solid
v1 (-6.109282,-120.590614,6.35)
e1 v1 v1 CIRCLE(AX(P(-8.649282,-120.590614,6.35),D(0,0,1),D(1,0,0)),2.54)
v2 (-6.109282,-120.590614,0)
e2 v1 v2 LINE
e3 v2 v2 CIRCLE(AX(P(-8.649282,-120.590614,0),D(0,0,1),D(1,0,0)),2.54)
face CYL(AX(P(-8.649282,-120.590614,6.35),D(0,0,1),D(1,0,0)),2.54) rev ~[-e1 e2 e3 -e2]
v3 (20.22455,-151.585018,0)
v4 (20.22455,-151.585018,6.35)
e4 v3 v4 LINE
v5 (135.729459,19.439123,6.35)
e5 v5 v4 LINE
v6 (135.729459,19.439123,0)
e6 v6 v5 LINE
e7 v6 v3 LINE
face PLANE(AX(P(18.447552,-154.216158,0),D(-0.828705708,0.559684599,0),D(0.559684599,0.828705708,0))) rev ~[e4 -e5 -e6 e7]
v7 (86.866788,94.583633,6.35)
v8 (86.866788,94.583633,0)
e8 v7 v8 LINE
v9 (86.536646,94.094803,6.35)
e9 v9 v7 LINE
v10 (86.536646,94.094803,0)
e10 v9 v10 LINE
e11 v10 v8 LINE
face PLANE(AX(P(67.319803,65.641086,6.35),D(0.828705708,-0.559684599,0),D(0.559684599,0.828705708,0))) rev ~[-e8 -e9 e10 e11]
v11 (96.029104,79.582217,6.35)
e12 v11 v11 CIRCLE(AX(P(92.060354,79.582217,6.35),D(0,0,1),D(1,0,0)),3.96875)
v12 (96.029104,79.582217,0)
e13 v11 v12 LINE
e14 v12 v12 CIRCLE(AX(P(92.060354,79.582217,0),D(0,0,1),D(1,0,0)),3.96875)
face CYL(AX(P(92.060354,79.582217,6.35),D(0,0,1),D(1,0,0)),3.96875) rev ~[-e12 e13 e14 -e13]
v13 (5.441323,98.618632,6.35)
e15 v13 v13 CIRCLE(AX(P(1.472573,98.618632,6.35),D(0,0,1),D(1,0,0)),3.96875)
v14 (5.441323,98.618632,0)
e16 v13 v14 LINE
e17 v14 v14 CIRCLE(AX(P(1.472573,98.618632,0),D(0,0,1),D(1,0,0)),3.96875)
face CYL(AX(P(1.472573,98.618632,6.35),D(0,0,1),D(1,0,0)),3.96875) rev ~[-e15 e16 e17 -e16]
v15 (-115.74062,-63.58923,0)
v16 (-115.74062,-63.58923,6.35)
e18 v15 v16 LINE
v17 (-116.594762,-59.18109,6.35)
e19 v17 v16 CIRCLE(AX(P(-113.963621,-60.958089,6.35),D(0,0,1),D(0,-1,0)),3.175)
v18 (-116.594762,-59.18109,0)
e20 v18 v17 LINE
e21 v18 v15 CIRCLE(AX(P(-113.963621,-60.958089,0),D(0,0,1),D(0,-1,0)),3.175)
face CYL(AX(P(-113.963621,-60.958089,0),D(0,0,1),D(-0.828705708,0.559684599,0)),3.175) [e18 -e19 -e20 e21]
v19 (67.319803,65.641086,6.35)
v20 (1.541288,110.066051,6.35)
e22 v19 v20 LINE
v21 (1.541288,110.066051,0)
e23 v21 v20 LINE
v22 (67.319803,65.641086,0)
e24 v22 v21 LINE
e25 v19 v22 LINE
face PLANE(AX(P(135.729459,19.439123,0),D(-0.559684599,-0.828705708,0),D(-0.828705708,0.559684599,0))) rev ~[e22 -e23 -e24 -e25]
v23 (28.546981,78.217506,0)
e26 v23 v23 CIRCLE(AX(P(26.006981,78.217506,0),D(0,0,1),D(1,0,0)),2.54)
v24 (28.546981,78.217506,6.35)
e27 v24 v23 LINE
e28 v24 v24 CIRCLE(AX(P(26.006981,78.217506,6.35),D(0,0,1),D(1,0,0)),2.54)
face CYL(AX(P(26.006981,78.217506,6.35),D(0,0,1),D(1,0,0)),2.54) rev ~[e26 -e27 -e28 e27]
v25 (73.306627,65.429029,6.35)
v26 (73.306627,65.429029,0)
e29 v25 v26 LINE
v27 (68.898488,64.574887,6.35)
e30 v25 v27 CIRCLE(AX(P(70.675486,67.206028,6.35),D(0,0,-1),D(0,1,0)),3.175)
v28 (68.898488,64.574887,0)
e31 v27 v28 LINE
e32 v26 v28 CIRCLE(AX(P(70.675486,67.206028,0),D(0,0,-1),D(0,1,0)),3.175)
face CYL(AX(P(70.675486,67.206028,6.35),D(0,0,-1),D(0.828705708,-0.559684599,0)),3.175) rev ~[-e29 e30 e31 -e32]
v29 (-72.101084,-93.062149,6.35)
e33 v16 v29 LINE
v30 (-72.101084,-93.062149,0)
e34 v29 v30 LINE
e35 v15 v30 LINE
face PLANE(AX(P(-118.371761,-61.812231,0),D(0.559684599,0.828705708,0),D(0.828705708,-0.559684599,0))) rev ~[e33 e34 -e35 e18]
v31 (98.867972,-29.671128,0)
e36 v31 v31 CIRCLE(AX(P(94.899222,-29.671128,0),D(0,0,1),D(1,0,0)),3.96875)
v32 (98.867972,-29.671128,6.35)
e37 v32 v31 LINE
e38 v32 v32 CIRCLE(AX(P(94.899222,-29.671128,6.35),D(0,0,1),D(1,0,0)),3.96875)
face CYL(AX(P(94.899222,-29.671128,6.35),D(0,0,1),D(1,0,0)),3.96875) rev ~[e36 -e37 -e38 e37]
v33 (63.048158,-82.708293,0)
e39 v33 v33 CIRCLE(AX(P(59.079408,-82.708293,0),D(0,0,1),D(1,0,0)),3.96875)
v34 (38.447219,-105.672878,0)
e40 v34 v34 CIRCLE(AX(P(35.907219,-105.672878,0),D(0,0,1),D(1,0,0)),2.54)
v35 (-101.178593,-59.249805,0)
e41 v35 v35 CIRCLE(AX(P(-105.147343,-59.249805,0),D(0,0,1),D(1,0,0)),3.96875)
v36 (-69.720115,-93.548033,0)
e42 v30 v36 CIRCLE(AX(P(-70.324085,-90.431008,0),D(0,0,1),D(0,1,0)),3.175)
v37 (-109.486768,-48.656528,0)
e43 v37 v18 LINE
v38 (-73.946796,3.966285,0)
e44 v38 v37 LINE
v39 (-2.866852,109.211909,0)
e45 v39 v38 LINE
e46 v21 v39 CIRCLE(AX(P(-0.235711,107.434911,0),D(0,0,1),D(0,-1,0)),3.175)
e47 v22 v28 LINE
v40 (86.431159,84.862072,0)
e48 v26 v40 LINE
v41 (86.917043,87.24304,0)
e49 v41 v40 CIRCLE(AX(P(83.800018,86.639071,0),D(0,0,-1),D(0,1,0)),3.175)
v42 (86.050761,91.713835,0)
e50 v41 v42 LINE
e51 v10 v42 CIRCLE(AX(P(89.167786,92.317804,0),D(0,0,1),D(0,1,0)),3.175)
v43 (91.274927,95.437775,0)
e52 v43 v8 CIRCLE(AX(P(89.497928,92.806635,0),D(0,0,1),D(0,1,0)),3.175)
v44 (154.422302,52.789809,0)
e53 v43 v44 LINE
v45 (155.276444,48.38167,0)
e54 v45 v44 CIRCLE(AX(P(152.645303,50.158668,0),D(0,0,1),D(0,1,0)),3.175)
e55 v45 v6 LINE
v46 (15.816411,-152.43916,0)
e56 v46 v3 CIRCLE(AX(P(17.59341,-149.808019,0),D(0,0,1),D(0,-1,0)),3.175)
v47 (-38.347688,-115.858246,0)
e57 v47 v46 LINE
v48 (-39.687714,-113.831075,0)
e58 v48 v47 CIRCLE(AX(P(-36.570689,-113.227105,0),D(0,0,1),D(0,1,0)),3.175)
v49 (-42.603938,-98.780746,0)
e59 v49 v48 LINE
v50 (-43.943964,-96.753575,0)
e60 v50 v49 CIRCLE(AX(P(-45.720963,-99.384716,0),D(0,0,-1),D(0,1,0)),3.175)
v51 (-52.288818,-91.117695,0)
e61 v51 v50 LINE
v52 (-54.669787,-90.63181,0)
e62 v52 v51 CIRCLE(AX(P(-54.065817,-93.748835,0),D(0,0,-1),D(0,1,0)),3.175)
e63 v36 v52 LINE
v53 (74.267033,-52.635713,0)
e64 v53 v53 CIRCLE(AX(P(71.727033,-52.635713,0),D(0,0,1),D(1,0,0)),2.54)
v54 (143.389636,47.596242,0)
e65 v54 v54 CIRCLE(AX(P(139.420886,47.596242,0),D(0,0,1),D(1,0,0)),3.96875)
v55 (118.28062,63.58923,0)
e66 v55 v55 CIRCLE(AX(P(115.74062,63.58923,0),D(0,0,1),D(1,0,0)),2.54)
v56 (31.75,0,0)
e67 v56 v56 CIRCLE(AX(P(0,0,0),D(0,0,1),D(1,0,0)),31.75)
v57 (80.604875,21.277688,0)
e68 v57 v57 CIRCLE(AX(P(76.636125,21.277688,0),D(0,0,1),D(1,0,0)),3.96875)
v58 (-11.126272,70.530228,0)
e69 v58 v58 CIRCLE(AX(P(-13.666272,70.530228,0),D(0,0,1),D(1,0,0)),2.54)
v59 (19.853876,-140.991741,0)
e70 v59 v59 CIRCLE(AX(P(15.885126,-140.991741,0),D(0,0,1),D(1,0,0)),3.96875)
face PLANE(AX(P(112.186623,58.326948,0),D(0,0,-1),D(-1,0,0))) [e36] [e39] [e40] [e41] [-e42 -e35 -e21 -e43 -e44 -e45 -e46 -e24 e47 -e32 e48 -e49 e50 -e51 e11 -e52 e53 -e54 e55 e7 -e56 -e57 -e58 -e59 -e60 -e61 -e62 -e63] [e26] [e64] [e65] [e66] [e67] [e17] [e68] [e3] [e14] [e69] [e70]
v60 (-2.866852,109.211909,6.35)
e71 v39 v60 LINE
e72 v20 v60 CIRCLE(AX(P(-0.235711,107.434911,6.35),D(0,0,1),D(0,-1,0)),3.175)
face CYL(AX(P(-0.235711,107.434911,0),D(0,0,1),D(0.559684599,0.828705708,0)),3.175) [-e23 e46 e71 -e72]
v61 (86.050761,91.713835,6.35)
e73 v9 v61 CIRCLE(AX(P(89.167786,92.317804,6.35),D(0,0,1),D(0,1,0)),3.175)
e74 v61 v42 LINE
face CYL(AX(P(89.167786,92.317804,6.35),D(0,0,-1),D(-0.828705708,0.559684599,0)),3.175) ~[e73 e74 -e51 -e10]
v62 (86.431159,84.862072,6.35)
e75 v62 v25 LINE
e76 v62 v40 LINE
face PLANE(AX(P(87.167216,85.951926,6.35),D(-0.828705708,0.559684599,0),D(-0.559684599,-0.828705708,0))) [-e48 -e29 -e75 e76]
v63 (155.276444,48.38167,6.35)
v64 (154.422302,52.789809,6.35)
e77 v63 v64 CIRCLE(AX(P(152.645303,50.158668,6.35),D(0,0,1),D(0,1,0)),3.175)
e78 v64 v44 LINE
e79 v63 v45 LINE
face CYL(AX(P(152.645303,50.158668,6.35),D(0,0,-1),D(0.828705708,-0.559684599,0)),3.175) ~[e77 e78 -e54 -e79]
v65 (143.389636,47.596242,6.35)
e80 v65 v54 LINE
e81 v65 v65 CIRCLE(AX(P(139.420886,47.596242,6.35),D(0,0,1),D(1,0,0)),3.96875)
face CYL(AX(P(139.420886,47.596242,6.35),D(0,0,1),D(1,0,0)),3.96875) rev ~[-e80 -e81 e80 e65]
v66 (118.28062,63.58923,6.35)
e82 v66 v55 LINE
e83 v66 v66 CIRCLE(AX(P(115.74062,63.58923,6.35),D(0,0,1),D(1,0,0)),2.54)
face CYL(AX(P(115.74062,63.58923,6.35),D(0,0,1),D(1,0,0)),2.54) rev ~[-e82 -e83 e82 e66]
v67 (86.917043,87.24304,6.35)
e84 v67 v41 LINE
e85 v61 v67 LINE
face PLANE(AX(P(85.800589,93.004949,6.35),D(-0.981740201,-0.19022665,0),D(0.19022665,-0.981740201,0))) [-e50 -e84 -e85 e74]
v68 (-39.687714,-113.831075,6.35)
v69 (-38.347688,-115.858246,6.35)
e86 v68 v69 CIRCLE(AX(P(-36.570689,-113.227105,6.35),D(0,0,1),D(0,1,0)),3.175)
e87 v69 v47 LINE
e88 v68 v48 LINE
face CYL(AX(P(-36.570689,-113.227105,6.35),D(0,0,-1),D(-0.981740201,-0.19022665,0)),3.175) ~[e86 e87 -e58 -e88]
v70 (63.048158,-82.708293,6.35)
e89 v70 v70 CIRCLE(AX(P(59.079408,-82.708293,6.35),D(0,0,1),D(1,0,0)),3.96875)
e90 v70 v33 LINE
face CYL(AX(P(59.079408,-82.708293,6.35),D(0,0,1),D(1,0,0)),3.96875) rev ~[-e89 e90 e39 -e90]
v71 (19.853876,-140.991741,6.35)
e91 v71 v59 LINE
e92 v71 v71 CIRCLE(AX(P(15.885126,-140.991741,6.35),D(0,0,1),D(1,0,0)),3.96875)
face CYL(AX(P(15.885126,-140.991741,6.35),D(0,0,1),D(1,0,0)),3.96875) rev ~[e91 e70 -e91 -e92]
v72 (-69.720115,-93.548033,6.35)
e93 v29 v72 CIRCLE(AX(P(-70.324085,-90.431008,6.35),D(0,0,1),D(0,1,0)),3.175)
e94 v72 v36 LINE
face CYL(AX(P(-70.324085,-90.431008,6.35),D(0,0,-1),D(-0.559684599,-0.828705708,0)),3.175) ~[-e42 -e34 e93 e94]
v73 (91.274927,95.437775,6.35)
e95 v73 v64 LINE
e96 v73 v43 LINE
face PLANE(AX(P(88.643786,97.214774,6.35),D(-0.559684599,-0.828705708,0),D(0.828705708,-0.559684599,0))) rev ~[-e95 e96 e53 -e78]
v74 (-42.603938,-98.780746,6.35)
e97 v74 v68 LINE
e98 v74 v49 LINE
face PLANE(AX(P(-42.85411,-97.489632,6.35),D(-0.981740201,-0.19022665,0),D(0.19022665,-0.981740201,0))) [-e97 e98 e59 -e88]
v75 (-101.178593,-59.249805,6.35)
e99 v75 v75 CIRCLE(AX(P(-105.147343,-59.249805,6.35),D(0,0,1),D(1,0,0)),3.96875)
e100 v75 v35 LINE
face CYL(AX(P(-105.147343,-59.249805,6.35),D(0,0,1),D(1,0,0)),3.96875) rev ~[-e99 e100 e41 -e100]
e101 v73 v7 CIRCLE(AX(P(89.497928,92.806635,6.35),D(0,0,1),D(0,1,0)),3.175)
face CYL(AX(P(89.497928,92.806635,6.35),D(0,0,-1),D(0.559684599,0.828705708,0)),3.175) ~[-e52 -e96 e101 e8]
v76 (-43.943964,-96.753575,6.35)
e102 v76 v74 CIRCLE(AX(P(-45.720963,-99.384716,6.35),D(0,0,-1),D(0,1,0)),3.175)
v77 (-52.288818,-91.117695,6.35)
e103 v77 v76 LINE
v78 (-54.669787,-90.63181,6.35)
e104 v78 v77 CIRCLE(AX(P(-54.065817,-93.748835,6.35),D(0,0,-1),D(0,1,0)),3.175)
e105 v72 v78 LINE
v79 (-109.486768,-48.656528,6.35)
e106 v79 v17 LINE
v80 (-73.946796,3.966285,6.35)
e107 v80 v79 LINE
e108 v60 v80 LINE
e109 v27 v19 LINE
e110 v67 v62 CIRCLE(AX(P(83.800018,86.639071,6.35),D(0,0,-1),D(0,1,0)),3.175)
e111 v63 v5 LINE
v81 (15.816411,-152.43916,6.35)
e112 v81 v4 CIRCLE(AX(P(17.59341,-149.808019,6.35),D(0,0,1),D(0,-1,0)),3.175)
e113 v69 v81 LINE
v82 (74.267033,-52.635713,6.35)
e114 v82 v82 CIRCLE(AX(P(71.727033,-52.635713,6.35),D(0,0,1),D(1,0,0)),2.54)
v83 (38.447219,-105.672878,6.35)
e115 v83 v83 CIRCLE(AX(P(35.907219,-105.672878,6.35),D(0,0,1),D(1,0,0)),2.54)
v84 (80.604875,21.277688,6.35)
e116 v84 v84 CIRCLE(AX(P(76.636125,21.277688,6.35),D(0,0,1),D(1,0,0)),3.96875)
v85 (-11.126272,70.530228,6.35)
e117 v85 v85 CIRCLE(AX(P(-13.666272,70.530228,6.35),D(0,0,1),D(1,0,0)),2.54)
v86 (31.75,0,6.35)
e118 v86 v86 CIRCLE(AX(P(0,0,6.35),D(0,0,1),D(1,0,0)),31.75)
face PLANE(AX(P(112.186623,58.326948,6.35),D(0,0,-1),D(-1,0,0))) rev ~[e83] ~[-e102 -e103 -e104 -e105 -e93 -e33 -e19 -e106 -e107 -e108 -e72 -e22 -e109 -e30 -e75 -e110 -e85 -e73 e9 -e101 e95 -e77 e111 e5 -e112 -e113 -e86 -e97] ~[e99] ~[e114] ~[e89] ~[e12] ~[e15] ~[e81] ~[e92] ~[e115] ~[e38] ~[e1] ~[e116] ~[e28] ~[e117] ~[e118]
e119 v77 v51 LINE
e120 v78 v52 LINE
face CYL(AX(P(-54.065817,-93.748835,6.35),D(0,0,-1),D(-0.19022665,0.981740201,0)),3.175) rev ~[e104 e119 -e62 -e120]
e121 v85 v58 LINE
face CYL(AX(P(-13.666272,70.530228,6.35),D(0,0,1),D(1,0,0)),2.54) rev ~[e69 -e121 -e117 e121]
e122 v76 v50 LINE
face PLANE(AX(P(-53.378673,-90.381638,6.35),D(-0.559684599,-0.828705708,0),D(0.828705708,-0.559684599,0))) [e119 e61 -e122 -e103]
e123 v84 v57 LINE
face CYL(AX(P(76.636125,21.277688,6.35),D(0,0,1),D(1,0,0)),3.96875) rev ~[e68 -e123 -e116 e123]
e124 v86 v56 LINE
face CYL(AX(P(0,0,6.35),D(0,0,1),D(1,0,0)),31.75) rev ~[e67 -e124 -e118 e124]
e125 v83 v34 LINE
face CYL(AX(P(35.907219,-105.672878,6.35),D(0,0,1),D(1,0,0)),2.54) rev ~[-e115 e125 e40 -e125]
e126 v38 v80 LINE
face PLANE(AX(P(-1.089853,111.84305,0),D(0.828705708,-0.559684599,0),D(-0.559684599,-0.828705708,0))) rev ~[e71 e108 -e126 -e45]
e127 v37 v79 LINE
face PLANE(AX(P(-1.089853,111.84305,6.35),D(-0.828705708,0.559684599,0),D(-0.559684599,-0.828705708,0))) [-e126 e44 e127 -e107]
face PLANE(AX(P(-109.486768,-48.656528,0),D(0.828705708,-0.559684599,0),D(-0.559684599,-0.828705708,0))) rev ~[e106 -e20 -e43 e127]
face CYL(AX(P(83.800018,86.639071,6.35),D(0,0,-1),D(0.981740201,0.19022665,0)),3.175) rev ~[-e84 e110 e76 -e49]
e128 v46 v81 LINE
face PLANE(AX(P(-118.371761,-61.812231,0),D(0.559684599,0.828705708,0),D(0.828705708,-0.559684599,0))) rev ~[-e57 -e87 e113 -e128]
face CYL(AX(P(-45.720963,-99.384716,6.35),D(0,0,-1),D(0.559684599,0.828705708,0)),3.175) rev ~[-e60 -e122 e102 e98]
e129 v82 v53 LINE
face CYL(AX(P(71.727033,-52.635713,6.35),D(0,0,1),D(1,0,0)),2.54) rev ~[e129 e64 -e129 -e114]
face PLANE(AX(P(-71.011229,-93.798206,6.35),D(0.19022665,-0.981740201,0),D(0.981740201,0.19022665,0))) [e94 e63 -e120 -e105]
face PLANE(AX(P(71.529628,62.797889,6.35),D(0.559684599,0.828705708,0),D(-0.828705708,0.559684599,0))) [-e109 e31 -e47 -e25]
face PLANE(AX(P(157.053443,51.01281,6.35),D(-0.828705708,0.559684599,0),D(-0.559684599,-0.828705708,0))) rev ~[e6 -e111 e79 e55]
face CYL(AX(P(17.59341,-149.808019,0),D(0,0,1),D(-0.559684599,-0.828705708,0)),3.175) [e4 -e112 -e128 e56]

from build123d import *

# Parameters (mm, degrees)
BOSS_EXTRUDE2_DEPTH = 6.35
CUT_EXTRUDE1_DEPTH  = 7.3500001
BOSS_EXTRUDE3_DEPTH = 6.35
SKETCH10_R          = 3.96875
CUT_EXTRUDE2_DEPTH  = 7.35
SKETCH11_R          = 4.5
CUT_EXTRUDE4_DEPTH  = 7.35
BOSS_EXTRUDE4_DEPTH = 6.35
SKETCH13_R          = 3.96875
CUT_EXTRUDE5_DEPTH  = 7.35
LPATTERN1_COUNT     = 2
LPATTERN1_PITCH     = 64
SKETCH14_R          = 2.54
CUT_EXTRUDE6_DEPTH  = 7.35
SKETCH15_R          = 3.96875
CUT_EXTRUDE7_DEPTH  = 7.35
SKETCH16_R          = 3.96875
CUT_EXTRUDE8_DEPTH  = 7.35
SKETCH19_R          = 3.96875
CUT_EXTRUDE11_DEPTH = 7.35
SKETCH21_R          = 2.54
CUT_EXTRUDE12_DEPTH = 7.35
SKETCH22_R          = 31.75
CUT_EXTRUDE13_DEPTH = 7.35
SKETCH23_R          = 5.807663874
SKETCH23_R_2        = 5.610358505
BOSS_EXTRUDE5_DEPTH = 6.35
SKETCH24_R          = 10.761293976
SKETCH24_R_2        = 16.881729782
SKETCH24_R_3        = 7.918988805
BOSS_EXTRUDE6_DEPTH = 6.35
CUT_EXTRUDE14_DEPTH = 7.35
FILLET1_R           = 3.175


with BuildPart() as part:
    # Sketch6 → Boss-Extrude2 (new body)
    with BuildSketch(Plane.XY):
        with BuildLine():
            Line((-68.006850091, -76.67090114), (-109.486767671, -48.656527855))
            Line((-109.486767671, -48.656527855), (-118.371760678, -61.812230963))
            Line((-118.371760678, -61.812230963), (18.447551645, -154.216158235))
            Line((18.447551645, -154.216158235), (135.729459338, 19.43912279))
            Line((135.729459338, 19.43912279), (-1.089852986, 111.843050063))
            Line((-1.089852986, 111.843050063), (-73.946795643, 3.966284577))
            Line((-73.946795643, 3.966284577), (-56.624438948, -7.732749433))
            ThreePointArc((-56.624438948, -7.732749433), (-43.058385537, 37.577891571), (0, 57.15))
            ThreePointArc((0, 57.15), (56.404848571, 31.095576642), (70.829334649, -29.338471048))
            add(Edge.make_bspline(
                [(70.829334649, -29.338471048), (70.811686062, -29.418295928), (70.776015112, -29.578104383), (70.713320217, -29.85478305), (70.619021771, -30.262929245), (70.501052001, -30.762086912), (70.364034474, -31.322191481), (70.199318515, -31.970958926), (70.000453855, -32.723919765), (69.795103485, -33.469783355), (69.582015398, -34.214296028), (69.361377803, -34.956693289), (69.133257682, -35.696762218), (68.838782679, -36.61892651), (68.470566207, -37.720710028), (68.019498024, -38.998776477), (67.474836154, -40.448808619), (66.901337925, -41.887676852), (66.299328392, -43.31485223), (65.669141732, -44.729810424), (65.011119088, -46.132040323), (64.325609411, -47.52103904), (63.612968547, -48.896314904), (62.87355937, -50.257385735), (62.107751613, -51.603779381), (61.315921169, -52.935034173), (60.49845004, -54.250698756), (59.655726138, -55.550331897), (58.571247582, -57.154294757), (57.220953058, -59.045283389), (55.576035723, -61.200397094), (53.604026134, -63.590264702), (51.54329346, -65.904053004), (49.39728314, -68.138962994), (47.169496434, -70.29235602), (44.863486103, -72.361752995), (42.482847363, -74.344831806), (40.031215607, -76.239428526), (36.882516177, -78.494556171), (32.976808929, -81.016011003), (28.250788286, -83.68089187), (21.41551215, -86.919136497), (14.30829026, -89.526654921), (6.996956895, -91.488176442), (-0.451922312, -92.797413176), (-6.61686174, -93.456358442), (-12.81195397, -93.702029749), (-19.009644204, -93.537285056), (-25.183124422, -92.966685286), (-31.306438312, -91.996382122), (-36.598524037, -90.804323442), (-41.072542301, -89.543185606), (-44.752319298, -88.33589156), (-47.664184976, -87.27761875), (-50.541347258, -86.128353728), (-53.381128552, -84.889612663), (-56.180924218, -83.562977818), (-58.593536599, -82.326710176), (-60.633378351, -81.214215821), (-62.313751085, -80.252471782), (-63.646071553, -79.462491566), (-64.966093336, -78.652178853), (-66.222359154, -77.854259082), (-67.143044791, -77.250601571), (-67.736251212, -76.85365602), (-68.006850091, -76.67090114)],
                knots=[0.071020771, 0.071020771, 0.071020771, 0.071020771, 0.071020771, 0.072848477, 0.074676184, 0.07650389, 0.078331597, 0.08198701, 0.085642423, 0.089297836, 0.092953249, 0.096608662, 0.100264075, 0.103919488, 0.107574901, 0.114885727, 0.122196554, 0.12950738, 0.136818214, 0.144129048, 0.151439882, 0.158750716, 0.166061558, 0.173372401, 0.180683243, 0.187994085, 0.195304924, 0.202615763, 0.209926602, 0.217237441, 0.231859103, 0.246480766, 0.261102426, 0.275724085, 0.290345754, 0.304967424, 0.319589099, 0.334210774, 0.348832457, 0.36345414, 0.392697464, 0.421940789, 0.451184112, 0.506140643, 0.535383973, 0.564627303, 0.593870641, 0.623113979, 0.652357319, 0.68160066, 0.710843985, 0.740087309, 0.754708984, 0.769330659, 0.783952333, 0.798574008, 0.813195669, 0.82781733, 0.842438991, 0.849749821, 0.857060652, 0.86437149, 0.871682327, 0.878993165, 0.885158103, 0.885158103, 0.885158103, 0.885158103, 0.885158103], degree=4))
        make_face()
    extrude(amount=BOSS_EXTRUDE2_DEPTH)

    # Sketch8 → Cut-Extrude1 (cut, through all)
    with BuildSketch(Plane.XY.offset(6.35)):
        Polygon((-71.011229489, -93.798205788), (-53.378672597, -90.381637707), (-42.854110111, -97.489632113), (-39.43754203, -115.122189004), align=None)
    extrude(amount=-CUT_EXTRUDE1_DEPTH, mode=Mode.SUBTRACT)

    # Sketch9 → Boss-Extrude3 (add, through all)
    with BuildSketch(Plane.XY.offset(6.35)):
        Polygon((-1.089852986, 111.843050063), (-109.486767671, -48.656527855), (27.332544652, -141.060455127), (135.729459338, 19.43912279), align=None)
    extrude(amount=-BOSS_EXTRUDE3_DEPTH)

    # Sketch10 → Cut-Extrude2 (cut, through all)
    with BuildSketch(Plane.XY.offset(6.35)):
        with Locations((4.996496209, -84.796642912)):
            Circle(SKETCH10_R)
        with Locations((40.816310536, -31.759477627)):
            Circle(SKETCH10_R)
        with Locations((76.636124864, 21.277687659)):
            Circle(SKETCH10_R)
        with Locations((-45.295165913, -45.214466102)):
            Circle(SKETCH10_R)
    extrude(amount=-CUT_EXTRUDE2_DEPTH, mode=Mode.SUBTRACT)

    # Sketch11 → Cut-Extrude4 (cut, through all)
    with BuildSketch(Plane.XY.offset(6.35)):
        Circle(SKETCH11_R)
    extrude(amount=-CUT_EXTRUDE4_DEPTH, mode=Mode.SUBTRACT)

    # Sketch12 → Boss-Extrude4 (add, through all)
    with BuildSketch(Plane.XY.offset(6.35)):
        Polygon((135.729459338, 19.43912279), (67.319803176, 65.641086427), (88.643786393, 97.214773886), (157.053442554, 51.01281025), align=None)
    extrude(amount=-BOSS_EXTRUDE4_DEPTH)

    # Sketch13 → Cut-Extrude5 (cut, through all)
    with BuildSketch(Plane.XY.offset(6.35)):
        with Locations((94.899221836, -29.671127724)):
            Circle(SKETCH13_R)
    cut_extrude5 = extrude(amount=-CUT_EXTRUDE5_DEPTH, mode=Mode.SUBTRACT)

    # LPattern1: Cut-Extrude5 ×2
    with Locations(*[Vector(-0.559684599, -0.828705708, 0) * (i * LPATTERN1_PITCH) for i in range(1, LPATTERN1_COUNT)]):
        add(cut_extrude5, mode=Mode.SUBTRACT)

    # Sketch14 → Cut-Extrude6 (cut, through all)
    with BuildSketch(Plane.XY.offset(6.35)):
        with Locations((71.72703343, -52.635713164)):
            Circle(SKETCH14_R)
        with Locations((35.907219102, -105.67287845)):
            Circle(SKETCH14_R)
        with Locations((115.740620068, 63.589229581)):
            Circle(SKETCH14_R)
    extrude(amount=-CUT_EXTRUDE6_DEPTH, mode=Mode.SUBTRACT)

    # Sketch15 → Cut-Extrude7 (cut, through all)
    with BuildSketch(Plane.XY.offset(6.35)):
        with Locations((-105.147343009, -59.249804902)):
            Circle(SKETCH15_R)
        with Locations((15.885125585, -140.991740566)):
            Circle(SKETCH15_R)
        with Locations((1.472573075, 98.618632394)):
            Circle(SKETCH15_R)
    extrude(amount=-CUT_EXTRUDE7_DEPTH, mode=Mode.SUBTRACT)

    # Sketch16 → Cut-Extrude8 (cut, through all)
    with BuildSketch(Plane.XY.offset(6.35)):
        with Locations((92.060354474, 79.582216994)):
            Circle(SKETCH16_R)
        with Locations((139.420885662, 47.596242169)):
            Circle(SKETCH16_R)
    extrude(amount=-CUT_EXTRUDE8_DEPTH, mode=Mode.SUBTRACT)

    # Sketch19 → Cut-Extrude11 (cut, through all)
    with BuildSketch(Plane.XY.offset(6.35)):
        with Locations((-65.680233685, -85.904783923)):
            Circle(SKETCH19_R)
    extrude(amount=-CUT_EXTRUDE11_DEPTH, mode=Mode.SUBTRACT)

    # Sketch21 → Cut-Extrude12 (cut, through all)
    with BuildSketch(Plane.XY.offset(6.35)):
        with Locations((-13.666272317, 70.530227577)):
            Circle(SKETCH21_R)
        with Locations((26.00698069, 78.217505758)):
            Circle(SKETCH21_R)
        with Locations((-86.729358658, -71.688795112)):
            Circle(SKETCH21_R)
        with Locations((-8.64928203, -120.590613931)):
            Circle(SKETCH21_R)
    extrude(amount=-CUT_EXTRUDE12_DEPTH, mode=Mode.SUBTRACT)

    # Sketch22 → Cut-Extrude13 (cut, through all)
    with BuildSketch(Plane.XY.offset(6.35)):
        Circle(SKETCH22_R)
    extrude(amount=-CUT_EXTRUDE13_DEPTH, mode=Mode.SUBTRACT)

    # Sketch23 → Boss-Extrude5 (add, through all)
    with BuildSketch(Plane.XY.offset(6.35)):
        with Locations((-65.680233685, -85.904783923)):
            Circle(SKETCH23_R)
        with Locations((-86.729358658, -71.688795112)):
            Circle(SKETCH23_R_2)
    extrude(amount=-BOSS_EXTRUDE5_DEPTH)

    # Sketch24 → Boss-Extrude6 (add, through all)
    with BuildSketch(Plane.XY.offset(6.35)):
        with Locations((-45.295165913, -45.214466102)):
            Circle(SKETCH24_R)
        with Locations((4.996496209, -84.796642912)):
            Circle(SKETCH24_R_2)
        with Locations((40.816310536, -31.759477627)):
            Circle(SKETCH24_R_3)
    extrude(amount=-BOSS_EXTRUDE6_DEPTH)

    # Sketch25 → Cut-Extrude14 (cut, through all)
    with BuildSketch(Plane.XY.offset(6.35)):
        Polygon((85.800588631, 93.004948891), (87.167215863, 85.951926135), (71.529628171, 62.797888664), (67.319803176, 65.641086427), align=None)
    extrude(amount=-CUT_EXTRUDE14_DEPTH, mode=Mode.SUBTRACT)

    # Fillet1
    fillet1_edges = [part.edges().sort_by_distance(p)[0] for p in [
        (-1.089852986, 111.843050063, 3.175),
        (18.447551645, -154.216158235, 3.175),
        (-118.371760678, -61.812230963, 3.175),
        (85.800588631, 93.004948891, 3.175),
        (87.167215863, 85.951926135, 3.175),
        (71.529628171, 62.797888664, 3.175),
        (-39.43754203, -115.122189004, 3.175),
        (-71.011229489, -93.798205788, 3.175),
        (-53.378672597, -90.381637707, 3.175),
        (-42.854110111, -97.489632113, 3.175),
        (157.053442554, 51.01281025, 3.175),
        (88.643786393, 97.214773886, 3.175),
    ]]
    fillet(fillet1_edges, radius=FILLET1_R)


solid = part.part
